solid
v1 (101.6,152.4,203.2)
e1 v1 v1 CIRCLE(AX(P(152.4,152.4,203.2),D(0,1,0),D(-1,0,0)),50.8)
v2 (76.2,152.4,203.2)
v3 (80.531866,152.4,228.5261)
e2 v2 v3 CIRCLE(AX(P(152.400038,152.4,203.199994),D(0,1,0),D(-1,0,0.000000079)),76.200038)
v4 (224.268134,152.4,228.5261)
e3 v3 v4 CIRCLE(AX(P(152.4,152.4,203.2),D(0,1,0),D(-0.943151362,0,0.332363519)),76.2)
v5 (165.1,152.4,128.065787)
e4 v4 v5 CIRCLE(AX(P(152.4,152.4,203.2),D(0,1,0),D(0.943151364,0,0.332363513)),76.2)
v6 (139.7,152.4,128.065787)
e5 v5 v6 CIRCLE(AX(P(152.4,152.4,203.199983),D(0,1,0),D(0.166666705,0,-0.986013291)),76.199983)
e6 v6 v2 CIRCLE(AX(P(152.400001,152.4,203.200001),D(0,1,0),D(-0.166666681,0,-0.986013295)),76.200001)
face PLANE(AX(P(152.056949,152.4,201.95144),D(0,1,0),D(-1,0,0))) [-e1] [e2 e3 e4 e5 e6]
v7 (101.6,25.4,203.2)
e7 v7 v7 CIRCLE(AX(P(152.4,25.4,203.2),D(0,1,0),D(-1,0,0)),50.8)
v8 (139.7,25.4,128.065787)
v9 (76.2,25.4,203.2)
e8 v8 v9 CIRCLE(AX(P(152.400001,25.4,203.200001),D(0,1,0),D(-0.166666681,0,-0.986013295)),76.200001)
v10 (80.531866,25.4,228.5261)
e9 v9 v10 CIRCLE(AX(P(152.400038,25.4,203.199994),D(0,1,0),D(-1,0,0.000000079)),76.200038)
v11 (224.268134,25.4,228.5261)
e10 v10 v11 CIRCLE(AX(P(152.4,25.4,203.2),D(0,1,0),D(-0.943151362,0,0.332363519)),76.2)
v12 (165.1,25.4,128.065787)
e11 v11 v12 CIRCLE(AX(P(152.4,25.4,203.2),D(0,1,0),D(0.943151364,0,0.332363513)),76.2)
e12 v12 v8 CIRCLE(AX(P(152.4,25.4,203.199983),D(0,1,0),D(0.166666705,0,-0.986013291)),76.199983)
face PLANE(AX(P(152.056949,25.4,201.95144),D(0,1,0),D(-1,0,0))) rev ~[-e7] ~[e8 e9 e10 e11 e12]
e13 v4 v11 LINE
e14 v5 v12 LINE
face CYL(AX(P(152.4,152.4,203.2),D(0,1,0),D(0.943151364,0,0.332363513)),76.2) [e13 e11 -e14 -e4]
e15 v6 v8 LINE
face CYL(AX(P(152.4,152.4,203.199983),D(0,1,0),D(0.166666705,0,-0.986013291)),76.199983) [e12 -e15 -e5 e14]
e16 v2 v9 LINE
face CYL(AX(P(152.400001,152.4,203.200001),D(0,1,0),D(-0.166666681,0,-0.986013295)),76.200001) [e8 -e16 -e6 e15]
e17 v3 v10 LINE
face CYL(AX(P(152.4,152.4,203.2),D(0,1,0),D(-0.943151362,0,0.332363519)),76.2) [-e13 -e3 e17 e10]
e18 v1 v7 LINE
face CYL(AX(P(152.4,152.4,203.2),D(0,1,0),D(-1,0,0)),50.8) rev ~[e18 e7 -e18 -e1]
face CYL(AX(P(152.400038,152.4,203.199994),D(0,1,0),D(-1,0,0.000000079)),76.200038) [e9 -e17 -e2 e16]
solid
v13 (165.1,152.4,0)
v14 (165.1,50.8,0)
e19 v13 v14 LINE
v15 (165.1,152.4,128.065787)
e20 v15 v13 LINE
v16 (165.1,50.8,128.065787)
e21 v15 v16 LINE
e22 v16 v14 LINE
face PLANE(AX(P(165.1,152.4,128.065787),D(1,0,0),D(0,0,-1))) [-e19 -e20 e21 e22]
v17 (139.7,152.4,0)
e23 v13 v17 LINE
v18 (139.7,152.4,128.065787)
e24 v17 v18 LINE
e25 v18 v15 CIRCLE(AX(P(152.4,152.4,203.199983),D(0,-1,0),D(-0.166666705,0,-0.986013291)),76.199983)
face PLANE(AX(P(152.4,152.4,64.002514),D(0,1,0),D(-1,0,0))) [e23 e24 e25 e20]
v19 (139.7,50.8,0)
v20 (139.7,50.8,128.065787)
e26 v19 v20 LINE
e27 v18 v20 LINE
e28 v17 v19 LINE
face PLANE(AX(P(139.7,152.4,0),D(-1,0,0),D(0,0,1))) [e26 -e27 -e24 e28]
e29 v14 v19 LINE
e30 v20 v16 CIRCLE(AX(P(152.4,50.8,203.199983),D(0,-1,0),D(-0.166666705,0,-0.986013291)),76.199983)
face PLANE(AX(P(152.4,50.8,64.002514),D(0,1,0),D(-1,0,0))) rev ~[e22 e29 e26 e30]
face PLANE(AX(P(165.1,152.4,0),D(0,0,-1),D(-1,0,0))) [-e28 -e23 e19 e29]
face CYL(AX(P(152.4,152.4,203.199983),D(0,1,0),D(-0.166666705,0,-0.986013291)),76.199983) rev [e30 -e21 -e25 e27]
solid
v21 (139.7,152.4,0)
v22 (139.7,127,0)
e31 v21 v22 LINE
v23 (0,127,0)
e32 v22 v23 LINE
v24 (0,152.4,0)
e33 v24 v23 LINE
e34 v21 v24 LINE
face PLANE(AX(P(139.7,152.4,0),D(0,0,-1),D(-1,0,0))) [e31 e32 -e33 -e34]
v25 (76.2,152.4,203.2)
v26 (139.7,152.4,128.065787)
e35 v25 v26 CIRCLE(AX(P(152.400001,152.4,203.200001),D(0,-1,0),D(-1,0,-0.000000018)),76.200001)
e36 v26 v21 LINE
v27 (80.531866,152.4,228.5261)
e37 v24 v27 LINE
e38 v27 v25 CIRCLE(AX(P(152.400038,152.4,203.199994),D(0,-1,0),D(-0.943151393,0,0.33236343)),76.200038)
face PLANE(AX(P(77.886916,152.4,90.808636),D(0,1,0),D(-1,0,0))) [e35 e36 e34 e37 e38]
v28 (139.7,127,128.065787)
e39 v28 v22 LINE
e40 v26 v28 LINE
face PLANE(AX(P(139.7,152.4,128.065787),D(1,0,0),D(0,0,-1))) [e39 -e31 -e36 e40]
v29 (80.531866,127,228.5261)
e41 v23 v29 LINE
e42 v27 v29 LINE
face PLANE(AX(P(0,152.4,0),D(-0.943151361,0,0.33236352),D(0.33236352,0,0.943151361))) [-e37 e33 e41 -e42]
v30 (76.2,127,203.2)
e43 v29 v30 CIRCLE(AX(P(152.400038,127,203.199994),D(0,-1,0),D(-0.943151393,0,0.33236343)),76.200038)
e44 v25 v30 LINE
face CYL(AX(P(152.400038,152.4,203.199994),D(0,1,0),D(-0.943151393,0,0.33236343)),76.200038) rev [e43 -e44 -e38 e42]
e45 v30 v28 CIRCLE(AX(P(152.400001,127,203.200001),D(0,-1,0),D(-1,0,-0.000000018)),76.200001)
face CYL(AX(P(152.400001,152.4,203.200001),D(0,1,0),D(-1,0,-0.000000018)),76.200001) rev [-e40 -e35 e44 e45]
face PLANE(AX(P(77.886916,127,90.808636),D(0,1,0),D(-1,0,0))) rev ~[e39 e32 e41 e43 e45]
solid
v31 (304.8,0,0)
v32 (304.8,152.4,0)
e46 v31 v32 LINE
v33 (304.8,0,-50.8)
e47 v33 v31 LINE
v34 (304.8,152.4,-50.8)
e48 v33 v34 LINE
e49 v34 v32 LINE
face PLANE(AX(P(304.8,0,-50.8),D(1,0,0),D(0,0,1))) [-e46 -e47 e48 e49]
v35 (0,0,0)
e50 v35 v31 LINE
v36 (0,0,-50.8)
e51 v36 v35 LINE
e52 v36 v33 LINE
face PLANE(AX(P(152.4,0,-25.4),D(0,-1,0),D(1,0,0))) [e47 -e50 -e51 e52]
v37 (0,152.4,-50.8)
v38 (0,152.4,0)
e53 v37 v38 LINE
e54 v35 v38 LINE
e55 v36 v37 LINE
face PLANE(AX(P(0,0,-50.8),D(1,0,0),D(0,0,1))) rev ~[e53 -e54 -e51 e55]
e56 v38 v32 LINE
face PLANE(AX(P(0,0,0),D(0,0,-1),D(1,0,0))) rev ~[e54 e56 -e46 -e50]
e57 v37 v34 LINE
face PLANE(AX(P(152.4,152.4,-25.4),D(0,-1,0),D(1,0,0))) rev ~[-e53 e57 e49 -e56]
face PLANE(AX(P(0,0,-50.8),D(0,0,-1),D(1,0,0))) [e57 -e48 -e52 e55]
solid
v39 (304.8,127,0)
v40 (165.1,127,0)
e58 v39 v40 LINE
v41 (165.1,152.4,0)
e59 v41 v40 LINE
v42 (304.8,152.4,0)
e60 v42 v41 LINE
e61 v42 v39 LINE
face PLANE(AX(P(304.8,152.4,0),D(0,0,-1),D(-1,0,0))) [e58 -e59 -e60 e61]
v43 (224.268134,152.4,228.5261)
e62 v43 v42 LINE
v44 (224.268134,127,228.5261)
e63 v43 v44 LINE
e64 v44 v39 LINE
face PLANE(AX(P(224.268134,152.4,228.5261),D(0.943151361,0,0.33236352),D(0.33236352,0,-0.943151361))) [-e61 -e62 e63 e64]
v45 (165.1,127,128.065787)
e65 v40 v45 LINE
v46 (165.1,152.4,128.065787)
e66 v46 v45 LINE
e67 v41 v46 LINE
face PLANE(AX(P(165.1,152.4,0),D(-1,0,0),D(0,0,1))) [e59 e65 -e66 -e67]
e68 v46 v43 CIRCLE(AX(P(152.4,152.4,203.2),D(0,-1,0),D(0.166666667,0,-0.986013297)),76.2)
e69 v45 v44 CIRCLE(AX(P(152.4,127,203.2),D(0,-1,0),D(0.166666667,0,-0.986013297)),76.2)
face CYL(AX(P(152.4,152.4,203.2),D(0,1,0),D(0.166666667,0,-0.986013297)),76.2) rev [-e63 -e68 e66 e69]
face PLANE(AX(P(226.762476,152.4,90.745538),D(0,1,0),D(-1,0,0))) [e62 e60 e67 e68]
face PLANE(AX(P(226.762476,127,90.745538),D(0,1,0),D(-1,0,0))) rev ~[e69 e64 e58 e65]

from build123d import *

# Parameters (mm, degrees)
F0_W     = 304.8
F0_H     = 50.8
F1_DEPTH = 152.4
F2_R     = 50.8
F3_DEPTH = 127
F4_DEPTH = 101.6
F5_DEPTH = 25.4


with BuildPart() as f1:
    # F0 (on Front) → F1 (new body)
    with BuildSketch(Plane.XZ):
        with Locations((152.4, -25.4)):
            Rectangle(F0_W, F0_H)
    extrude(amount=-F1_DEPTH)


with BuildPart() as f3:
    # F2 (on face) → F3 (new body)
    with BuildSketch(Plane(origin=(0, 152.4, 0), x_dir=(-1, 0, 0), z_dir=(0, 1, 0))):
        with BuildLine():
            ThreePointArc((-139.7, 128.065787), (-94.201289, 154.013112), (-76.2, 203.2))
            ThreePointArc((-76.2, 203.2), (-77.290774, 216.046949), (-80.531866, 228.5261))
            ThreePointArc((-80.531866, 228.5261), (-152.4, 279.4), (-224.268134, 228.5261))
            ThreePointArc((-224.268134, 228.5261), (-218.058289, 164.529222), (-165.1, 128.065787))
            ThreePointArc((-165.1, 128.065787), (-152.4, 127), (-139.7, 128.065787))
        make_face()
        with Locations((-152.4, 203.2)):
            Circle(F2_R, mode=Mode.SUBTRACT)
    extrude(amount=-F3_DEPTH)


with BuildPart() as f4:
    # F2 (on face) → F4 (new body)
    with BuildSketch(Plane(origin=(0, 152.4, 0), x_dir=(-1, 0, 0), z_dir=(0, 1, 0))):
        with BuildLine():
            Line((-139.7, 0), (-139.7, 128.065787))
            ThreePointArc((-139.7, 128.065787), (-152.4, 127), (-165.1, 128.065787))
            Line((-165.1, 128.065787), (-165.1, 0))
            Line((-165.1, 0), (-139.7, 0))
        make_face()
    extrude(amount=-F4_DEPTH)


with BuildPart() as f5:
    # F2 (on face) → F5 (new body)
    with BuildSketch(Plane(origin=(0, 152.4, 0), x_dir=(-1, 0, 0), z_dir=(0, 1, 0))):
        with BuildLine():
            ThreePointArc((-165.1, 128.065787), (-218.058289, 164.529222), (-224.268134, 228.5261))
            Line((-224.268134, 228.5261), (-304.8, 0))
            Line((-304.8, 0), (-165.1, 0))
            Line((-165.1, 0), (-165.1, 128.065787))
        make_face()
        with BuildLine():
            ThreePointArc((-80.531866, 228.5261), (-77.290774, 216.046949), (-76.2, 203.2))
            ThreePointArc((-76.2, 203.2), (-94.201289, 154.013112), (-139.7, 128.065787))
            Line((-139.7, 128.065787), (-139.7, 0))
            Line((-139.7, 0), (0, 0))
            Line((0, 0), (-80.531866, 228.5261))
        make_face()
    extrude(amount=-F5_DEPTH)


solid = Compound([f1.part, f3.part, f4.part, f5.part])
